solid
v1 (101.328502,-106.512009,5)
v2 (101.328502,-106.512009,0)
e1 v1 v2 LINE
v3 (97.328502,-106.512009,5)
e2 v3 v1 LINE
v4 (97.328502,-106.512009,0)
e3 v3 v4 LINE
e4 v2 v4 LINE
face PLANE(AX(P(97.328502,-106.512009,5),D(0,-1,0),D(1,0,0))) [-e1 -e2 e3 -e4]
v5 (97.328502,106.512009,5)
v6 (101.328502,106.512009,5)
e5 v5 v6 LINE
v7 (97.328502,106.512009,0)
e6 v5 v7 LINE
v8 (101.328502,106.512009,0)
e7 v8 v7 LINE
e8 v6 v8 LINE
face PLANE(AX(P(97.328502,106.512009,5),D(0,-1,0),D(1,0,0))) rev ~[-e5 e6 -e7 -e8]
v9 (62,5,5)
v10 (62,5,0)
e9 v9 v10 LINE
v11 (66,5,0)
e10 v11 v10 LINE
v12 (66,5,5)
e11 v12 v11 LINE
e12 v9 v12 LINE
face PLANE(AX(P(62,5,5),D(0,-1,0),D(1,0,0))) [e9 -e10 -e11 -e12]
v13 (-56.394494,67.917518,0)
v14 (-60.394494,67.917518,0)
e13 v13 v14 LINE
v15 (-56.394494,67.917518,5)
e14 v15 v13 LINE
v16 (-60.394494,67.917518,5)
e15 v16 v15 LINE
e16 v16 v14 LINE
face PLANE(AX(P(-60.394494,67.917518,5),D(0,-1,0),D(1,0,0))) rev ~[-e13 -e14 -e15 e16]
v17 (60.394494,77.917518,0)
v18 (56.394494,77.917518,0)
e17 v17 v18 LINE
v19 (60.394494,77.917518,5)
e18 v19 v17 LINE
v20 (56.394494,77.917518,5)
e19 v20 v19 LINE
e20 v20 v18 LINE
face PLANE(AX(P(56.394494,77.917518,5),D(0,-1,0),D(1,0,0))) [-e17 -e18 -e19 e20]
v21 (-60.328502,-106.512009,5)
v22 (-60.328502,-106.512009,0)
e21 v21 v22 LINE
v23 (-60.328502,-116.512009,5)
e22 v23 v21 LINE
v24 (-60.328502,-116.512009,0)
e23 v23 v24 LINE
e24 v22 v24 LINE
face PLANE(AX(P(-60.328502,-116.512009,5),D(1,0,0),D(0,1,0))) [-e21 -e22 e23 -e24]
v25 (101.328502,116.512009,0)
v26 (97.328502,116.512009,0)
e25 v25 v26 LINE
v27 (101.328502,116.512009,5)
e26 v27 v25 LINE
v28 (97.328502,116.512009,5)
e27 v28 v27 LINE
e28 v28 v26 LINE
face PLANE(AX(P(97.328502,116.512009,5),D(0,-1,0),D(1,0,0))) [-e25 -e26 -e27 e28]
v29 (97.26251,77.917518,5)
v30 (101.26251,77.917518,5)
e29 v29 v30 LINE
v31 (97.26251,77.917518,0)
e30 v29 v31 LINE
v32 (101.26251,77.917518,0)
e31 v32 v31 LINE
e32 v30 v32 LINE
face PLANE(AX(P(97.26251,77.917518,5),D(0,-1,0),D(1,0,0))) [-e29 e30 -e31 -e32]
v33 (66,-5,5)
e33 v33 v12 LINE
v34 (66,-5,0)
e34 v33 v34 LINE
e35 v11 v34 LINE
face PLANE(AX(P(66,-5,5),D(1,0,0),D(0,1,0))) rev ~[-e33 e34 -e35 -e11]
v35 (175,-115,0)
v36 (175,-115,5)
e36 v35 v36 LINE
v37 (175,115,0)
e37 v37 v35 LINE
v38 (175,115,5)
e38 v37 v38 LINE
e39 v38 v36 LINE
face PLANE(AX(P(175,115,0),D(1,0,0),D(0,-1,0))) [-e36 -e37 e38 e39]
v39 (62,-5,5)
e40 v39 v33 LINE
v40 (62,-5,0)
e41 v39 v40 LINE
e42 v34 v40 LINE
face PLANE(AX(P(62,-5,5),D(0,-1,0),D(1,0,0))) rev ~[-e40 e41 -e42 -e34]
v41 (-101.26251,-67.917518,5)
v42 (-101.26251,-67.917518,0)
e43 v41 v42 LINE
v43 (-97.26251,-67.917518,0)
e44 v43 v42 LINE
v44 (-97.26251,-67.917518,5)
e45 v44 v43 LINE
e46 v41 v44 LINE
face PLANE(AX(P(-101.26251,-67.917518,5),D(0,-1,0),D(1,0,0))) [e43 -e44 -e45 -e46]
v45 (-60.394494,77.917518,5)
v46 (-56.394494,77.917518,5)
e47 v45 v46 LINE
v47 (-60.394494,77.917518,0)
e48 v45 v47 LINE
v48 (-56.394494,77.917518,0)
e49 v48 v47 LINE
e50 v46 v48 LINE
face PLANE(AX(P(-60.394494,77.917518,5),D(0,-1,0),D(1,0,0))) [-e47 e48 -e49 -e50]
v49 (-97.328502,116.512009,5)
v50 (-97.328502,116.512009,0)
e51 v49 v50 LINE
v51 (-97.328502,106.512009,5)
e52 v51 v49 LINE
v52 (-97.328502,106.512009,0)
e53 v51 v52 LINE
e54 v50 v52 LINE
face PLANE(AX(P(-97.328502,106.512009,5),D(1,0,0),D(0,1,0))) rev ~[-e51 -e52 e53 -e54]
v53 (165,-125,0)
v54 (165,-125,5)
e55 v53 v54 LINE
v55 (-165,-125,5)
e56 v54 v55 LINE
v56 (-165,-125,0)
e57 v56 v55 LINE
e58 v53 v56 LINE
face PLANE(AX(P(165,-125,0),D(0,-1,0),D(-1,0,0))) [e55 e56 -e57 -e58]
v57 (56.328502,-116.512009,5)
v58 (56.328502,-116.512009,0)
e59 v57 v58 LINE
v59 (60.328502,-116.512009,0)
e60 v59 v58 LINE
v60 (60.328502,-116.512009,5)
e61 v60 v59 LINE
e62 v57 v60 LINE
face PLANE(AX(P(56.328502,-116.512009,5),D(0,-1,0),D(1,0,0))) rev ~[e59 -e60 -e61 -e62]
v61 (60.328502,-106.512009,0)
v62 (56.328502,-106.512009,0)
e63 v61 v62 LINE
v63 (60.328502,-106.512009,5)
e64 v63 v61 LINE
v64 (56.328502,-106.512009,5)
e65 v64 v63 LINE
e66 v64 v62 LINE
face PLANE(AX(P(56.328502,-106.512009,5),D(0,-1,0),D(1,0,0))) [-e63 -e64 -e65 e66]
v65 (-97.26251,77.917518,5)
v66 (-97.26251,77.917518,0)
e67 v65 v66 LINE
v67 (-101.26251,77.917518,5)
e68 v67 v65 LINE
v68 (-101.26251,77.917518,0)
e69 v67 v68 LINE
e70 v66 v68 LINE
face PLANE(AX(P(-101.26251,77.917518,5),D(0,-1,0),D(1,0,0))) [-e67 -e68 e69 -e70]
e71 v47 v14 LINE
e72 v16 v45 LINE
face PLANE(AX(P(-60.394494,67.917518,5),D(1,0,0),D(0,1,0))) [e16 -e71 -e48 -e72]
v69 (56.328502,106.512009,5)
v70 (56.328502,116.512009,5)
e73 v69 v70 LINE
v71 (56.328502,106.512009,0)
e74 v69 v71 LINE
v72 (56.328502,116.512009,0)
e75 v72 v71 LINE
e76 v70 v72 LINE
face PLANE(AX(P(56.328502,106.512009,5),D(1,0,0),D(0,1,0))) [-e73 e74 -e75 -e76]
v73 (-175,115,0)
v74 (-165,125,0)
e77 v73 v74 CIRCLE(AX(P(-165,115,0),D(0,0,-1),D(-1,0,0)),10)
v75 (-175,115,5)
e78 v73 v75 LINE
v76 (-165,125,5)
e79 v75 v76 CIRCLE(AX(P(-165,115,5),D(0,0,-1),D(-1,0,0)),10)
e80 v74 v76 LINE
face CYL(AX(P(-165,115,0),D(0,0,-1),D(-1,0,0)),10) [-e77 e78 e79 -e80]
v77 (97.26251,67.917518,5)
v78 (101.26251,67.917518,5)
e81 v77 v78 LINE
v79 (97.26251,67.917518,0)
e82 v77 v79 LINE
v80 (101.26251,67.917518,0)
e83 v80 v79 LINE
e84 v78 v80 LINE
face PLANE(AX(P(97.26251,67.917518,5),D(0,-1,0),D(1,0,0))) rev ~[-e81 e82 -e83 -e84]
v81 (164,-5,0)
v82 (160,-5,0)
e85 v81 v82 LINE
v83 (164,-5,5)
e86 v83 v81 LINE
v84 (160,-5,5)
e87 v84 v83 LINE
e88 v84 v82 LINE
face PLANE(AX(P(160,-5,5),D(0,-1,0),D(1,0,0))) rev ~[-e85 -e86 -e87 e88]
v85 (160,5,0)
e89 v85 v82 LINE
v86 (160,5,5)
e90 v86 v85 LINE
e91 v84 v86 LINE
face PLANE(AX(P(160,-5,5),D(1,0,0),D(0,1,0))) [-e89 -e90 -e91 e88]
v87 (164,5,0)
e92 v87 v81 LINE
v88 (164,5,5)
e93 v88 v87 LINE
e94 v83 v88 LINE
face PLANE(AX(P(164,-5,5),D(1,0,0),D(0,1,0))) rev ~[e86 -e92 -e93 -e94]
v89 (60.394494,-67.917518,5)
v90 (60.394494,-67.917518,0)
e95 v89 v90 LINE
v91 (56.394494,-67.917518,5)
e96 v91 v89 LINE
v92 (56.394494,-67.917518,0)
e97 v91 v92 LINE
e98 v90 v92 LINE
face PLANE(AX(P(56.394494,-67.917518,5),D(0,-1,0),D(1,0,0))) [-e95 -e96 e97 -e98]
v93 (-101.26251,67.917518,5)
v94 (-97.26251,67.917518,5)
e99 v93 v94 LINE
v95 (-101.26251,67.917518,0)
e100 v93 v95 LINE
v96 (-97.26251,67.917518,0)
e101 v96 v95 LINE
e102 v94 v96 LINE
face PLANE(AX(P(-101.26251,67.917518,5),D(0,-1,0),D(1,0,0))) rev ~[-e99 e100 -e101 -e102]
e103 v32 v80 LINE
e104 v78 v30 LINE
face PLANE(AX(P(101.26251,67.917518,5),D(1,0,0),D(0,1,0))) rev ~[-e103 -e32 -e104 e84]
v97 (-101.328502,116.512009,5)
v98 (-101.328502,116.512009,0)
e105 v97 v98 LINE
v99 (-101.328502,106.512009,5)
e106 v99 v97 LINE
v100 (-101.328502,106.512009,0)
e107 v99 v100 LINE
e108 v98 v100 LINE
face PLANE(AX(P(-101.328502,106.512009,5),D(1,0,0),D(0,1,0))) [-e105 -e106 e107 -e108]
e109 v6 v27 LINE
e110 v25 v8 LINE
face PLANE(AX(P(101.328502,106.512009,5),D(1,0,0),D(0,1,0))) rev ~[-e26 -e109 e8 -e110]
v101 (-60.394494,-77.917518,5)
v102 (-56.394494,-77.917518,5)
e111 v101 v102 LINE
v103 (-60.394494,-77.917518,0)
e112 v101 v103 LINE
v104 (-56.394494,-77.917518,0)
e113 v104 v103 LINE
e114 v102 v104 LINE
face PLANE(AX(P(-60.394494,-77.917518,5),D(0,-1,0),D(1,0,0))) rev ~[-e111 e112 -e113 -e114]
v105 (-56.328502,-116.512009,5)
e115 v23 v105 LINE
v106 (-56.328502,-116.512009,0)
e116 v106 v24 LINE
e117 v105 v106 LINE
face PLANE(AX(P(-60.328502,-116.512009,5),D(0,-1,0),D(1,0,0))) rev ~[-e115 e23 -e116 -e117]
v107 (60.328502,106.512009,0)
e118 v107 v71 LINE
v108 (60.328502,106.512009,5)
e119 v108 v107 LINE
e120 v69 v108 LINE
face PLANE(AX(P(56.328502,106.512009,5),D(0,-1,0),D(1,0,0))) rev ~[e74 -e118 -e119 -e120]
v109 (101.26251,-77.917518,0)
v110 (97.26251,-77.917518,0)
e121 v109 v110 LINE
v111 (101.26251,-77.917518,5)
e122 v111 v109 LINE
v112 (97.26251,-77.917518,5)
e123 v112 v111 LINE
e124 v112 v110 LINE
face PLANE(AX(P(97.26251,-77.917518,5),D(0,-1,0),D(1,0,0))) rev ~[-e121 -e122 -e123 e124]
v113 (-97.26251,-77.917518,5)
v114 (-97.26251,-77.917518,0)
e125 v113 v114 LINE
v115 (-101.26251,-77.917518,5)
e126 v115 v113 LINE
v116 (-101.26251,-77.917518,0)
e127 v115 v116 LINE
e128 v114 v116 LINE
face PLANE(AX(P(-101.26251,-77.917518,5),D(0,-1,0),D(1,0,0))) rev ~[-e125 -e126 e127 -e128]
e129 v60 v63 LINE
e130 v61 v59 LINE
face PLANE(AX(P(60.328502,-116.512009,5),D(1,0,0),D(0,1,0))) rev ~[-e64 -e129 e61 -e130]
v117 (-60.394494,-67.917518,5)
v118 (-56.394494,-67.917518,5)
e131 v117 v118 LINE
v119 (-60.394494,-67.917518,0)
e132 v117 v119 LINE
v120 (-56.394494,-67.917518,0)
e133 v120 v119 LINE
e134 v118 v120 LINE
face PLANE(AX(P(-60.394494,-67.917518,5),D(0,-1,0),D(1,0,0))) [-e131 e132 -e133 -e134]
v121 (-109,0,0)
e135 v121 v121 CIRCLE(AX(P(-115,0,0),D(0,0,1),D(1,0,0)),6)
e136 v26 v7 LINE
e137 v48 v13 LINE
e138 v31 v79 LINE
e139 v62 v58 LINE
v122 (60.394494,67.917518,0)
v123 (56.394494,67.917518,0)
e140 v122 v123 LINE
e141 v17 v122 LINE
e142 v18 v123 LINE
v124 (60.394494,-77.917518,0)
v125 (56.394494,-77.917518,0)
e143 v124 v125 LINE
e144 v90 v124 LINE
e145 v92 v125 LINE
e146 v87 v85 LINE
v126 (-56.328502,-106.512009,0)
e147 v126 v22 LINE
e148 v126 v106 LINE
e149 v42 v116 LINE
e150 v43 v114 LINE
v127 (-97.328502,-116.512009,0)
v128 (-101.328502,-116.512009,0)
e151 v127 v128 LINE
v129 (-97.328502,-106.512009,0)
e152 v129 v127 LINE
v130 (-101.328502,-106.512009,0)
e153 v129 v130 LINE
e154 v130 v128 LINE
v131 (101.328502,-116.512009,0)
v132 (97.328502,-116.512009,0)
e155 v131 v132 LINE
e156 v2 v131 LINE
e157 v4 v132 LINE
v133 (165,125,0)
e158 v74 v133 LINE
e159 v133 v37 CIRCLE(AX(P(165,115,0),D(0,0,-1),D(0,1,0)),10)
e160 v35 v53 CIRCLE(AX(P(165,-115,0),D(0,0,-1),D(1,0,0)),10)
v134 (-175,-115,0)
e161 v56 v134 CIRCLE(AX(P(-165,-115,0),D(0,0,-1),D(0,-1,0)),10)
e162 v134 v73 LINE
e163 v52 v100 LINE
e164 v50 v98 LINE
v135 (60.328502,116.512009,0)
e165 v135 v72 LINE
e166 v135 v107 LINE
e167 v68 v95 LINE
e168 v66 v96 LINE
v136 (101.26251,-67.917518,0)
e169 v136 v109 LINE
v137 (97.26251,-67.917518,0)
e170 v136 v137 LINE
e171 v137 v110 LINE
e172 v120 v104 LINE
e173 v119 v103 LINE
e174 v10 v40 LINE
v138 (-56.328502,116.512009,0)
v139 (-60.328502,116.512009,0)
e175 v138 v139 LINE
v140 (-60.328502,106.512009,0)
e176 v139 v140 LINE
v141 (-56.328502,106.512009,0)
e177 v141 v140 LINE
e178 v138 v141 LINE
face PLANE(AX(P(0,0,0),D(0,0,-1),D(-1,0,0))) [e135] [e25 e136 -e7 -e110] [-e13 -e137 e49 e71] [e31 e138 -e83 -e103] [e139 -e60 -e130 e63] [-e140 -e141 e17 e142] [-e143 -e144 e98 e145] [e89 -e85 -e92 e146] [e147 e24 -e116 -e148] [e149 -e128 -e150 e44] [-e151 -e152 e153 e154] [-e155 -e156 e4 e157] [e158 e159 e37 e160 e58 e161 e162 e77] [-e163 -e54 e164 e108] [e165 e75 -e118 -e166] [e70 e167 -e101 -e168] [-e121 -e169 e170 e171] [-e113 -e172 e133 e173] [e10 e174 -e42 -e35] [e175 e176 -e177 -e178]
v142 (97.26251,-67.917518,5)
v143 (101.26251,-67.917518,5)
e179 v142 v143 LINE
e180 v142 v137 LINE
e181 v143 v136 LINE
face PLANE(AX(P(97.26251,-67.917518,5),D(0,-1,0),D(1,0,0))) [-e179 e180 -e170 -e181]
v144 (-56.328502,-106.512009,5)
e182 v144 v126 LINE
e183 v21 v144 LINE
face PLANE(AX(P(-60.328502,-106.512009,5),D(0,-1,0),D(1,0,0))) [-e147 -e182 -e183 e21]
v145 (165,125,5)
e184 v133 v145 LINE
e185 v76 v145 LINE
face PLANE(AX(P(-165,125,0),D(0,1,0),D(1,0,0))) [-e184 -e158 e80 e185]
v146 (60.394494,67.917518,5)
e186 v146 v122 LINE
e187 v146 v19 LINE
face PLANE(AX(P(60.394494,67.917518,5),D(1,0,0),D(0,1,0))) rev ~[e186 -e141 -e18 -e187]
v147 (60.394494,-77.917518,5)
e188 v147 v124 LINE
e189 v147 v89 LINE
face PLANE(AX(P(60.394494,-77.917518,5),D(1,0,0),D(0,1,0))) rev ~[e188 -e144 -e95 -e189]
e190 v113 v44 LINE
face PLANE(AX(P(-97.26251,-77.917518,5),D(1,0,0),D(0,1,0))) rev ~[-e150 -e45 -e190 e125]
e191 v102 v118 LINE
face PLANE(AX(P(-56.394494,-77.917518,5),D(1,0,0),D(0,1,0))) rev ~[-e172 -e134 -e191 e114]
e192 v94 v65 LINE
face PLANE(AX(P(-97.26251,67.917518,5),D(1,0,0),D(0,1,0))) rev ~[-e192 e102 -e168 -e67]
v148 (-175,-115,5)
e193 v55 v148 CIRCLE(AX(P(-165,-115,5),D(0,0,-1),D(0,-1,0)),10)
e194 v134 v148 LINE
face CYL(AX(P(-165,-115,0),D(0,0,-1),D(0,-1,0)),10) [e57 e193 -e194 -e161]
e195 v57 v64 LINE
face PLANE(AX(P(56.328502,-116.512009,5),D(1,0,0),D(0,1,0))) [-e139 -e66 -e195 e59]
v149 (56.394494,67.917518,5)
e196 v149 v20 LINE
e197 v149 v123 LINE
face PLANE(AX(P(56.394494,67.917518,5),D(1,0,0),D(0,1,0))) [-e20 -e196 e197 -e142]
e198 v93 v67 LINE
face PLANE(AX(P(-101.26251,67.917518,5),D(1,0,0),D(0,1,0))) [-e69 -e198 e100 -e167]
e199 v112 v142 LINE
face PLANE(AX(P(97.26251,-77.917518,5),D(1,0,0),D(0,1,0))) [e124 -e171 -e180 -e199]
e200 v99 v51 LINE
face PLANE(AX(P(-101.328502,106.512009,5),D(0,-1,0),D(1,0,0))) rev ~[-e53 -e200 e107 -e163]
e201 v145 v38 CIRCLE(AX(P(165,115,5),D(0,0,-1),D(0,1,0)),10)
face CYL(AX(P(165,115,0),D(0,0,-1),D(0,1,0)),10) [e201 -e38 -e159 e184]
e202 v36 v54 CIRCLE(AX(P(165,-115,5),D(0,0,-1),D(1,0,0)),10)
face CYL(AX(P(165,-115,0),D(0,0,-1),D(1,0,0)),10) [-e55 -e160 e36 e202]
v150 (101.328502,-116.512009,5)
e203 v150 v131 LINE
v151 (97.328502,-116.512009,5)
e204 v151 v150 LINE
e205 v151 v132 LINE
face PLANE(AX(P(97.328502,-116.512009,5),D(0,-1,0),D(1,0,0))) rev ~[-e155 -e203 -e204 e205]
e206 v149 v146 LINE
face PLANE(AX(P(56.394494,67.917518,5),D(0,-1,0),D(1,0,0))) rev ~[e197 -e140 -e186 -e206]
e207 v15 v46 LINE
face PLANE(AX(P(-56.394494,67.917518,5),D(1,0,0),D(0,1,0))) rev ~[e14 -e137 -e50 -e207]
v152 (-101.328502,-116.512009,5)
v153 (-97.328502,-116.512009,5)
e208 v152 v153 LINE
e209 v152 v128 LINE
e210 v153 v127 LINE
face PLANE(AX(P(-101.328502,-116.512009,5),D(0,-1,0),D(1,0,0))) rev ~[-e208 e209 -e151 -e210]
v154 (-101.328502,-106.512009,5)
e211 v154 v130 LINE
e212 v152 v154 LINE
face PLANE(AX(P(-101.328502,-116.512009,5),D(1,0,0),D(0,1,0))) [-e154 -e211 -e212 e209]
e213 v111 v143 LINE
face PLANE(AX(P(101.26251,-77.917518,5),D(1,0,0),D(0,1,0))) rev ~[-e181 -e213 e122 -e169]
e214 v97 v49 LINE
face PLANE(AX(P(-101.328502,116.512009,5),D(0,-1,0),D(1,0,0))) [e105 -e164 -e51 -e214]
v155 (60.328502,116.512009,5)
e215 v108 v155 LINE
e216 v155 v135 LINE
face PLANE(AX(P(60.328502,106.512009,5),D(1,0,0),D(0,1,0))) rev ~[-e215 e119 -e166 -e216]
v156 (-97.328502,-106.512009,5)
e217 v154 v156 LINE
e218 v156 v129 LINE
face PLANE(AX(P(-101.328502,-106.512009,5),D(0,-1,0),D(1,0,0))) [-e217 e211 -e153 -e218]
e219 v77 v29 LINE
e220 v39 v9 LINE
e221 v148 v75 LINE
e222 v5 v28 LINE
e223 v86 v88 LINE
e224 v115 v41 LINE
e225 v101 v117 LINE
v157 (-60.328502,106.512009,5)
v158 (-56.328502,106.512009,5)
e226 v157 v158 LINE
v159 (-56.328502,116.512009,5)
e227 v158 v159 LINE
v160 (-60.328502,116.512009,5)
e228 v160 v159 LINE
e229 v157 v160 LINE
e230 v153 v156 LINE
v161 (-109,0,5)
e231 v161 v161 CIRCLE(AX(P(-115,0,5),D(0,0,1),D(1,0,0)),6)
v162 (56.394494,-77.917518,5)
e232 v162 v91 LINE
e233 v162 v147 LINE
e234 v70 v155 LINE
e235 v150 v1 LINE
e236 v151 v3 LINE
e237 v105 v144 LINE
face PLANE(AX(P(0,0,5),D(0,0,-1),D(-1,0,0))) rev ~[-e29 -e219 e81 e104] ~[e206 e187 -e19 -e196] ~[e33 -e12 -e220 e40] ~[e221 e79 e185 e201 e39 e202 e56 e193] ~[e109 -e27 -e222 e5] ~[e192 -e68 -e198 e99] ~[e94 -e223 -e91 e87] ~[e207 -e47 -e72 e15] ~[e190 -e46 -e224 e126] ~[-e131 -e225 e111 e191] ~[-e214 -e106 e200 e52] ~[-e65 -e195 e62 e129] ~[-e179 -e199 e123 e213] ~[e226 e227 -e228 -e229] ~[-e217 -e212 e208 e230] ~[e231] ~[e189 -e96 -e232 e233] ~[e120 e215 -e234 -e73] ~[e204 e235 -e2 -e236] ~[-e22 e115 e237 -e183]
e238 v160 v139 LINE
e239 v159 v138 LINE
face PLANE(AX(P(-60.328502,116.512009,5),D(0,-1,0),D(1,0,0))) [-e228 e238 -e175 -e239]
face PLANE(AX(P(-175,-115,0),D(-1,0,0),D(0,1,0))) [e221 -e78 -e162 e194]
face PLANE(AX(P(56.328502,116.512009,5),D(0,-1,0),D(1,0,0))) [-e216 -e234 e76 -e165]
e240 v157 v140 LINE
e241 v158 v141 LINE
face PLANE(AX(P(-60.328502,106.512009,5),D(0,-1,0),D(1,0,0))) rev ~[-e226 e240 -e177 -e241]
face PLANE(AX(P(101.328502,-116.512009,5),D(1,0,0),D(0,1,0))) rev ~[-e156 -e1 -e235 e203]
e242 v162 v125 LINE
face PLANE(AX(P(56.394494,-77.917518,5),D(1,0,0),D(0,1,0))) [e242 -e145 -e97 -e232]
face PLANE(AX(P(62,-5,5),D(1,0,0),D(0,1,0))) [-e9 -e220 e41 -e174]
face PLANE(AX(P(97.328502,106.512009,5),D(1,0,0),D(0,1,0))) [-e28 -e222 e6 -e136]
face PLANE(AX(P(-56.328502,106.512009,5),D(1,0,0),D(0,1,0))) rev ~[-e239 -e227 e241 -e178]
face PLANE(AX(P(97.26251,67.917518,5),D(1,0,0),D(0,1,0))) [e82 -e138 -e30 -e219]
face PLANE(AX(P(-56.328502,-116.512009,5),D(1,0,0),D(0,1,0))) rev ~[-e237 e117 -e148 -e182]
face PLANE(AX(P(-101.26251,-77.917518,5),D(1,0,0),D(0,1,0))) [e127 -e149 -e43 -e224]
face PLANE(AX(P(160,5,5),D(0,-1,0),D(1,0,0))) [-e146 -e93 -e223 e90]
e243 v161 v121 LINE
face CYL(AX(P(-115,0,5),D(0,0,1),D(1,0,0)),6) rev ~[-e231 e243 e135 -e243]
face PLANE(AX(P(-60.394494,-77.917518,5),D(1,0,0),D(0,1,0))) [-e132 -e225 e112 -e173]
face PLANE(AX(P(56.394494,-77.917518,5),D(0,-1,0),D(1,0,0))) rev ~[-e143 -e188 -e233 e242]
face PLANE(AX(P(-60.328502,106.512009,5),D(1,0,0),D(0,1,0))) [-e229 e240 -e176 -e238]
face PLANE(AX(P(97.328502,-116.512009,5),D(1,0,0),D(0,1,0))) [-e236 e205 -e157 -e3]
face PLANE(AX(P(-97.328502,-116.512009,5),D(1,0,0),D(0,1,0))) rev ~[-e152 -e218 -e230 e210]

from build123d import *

# Parameters (mm, degrees)
BOSS_EXTRUDE1_DEPTH = 5
SKETCH2_W           = 4
SKETCH2_H           = 10
CUT_EXTRUDE1_DEPTH  = 10
SKETCH3_R           = 6
SKETCH3_W           = 4
SKETCH3_H           = 10
CUT_EXTRUDE2_DEPTH  = 10


with BuildPart() as part:
    # Sketch1 → Boss-Extrude1 (new body)
    with BuildSketch(Plane.XY):
        with BuildLine():
            Line((-165, 125), (165, 125))
            ThreePointArc((165, 125), (172.071067812, 122.071067812), (175, 115))
            Line((175, 115), (175, -115))
            ThreePointArc((175, -115), (172.071067812, -122.071067812), (165, -125))
            Line((165, -125), (-165, -125))
            ThreePointArc((-165, -125), (-172.071067812, -122.071067812), (-175, -115))
            Line((-175, -115), (-175, 115))
            ThreePointArc((-175, 115), (-172.071067812, 122.071067812), (-165, 125))
        make_face()
    extrude(amount=BOSS_EXTRUDE1_DEPTH)

    # Sketch2 → Cut-Extrude1 (cut)
    with BuildSketch(Plane.XY.offset(5)):
        with Locations((99.328502067, 111.512009489)):
            Rectangle(SKETCH2_W, SKETCH2_H)
        with Locations((99.262510454, 72.917517572)):
            Rectangle(SKETCH2_W, SKETCH2_H)
        with Locations((58.394493679, 72.917517572)):
            Rectangle(SKETCH2_W, SKETCH2_H)
        with Locations((58.328502067, 111.512009489)):
            Rectangle(SKETCH2_W, SKETCH2_H)
        with Locations((58.328502067, -111.512009489)):
            Rectangle(SKETCH2_W, SKETCH2_H)
        with Locations((58.394493679, -72.917517572)):
            Rectangle(SKETCH2_W, SKETCH2_H)
        with Locations((99.262510454, -72.917517572)):
            Rectangle(SKETCH2_W, SKETCH2_H)
        with Locations((99.328502067, -111.512009489)):
            Rectangle(SKETCH2_W, SKETCH2_H)
        with Locations((-99.328502067, -111.512009489)):
            Rectangle(SKETCH2_W, SKETCH2_H)
        with Locations((-99.262510454, -72.917517572)):
            Rectangle(SKETCH2_W, SKETCH2_H)
        with Locations((-58.394493679, -72.917517572)):
            Rectangle(SKETCH2_W, SKETCH2_H)
        with Locations((-58.328502067, -111.512009489)):
            Rectangle(SKETCH2_W, SKETCH2_H)
        with Locations((-58.328502067, 111.512009489)):
            Rectangle(SKETCH2_W, SKETCH2_H)
        with Locations((-58.394493679, 72.917517572)):
            Rectangle(SKETCH2_W, SKETCH2_H)
        with Locations((-99.262510454, 72.917517572)):
            Rectangle(SKETCH2_W, SKETCH2_H)
        with Locations((-99.328502067, 111.512009489)):
            Rectangle(SKETCH2_W, SKETCH2_H)
    extrude(amount=-CUT_EXTRUDE1_DEPTH, mode=Mode.SUBTRACT)

    # Sketch3 → Cut-Extrude2 (cut)
    with BuildSketch(Plane.XY.offset(5)):
        with Locations((-115, 0)):
            Circle(SKETCH3_R)
        with Locations((162, 0)):
            Rectangle(SKETCH3_W, SKETCH3_H)
        with Locations((64, 0)):
            Rectangle(SKETCH3_W, SKETCH3_H)
    extrude(amount=-CUT_EXTRUDE2_DEPTH, mode=Mode.SUBTRACT)


solid = part.part
